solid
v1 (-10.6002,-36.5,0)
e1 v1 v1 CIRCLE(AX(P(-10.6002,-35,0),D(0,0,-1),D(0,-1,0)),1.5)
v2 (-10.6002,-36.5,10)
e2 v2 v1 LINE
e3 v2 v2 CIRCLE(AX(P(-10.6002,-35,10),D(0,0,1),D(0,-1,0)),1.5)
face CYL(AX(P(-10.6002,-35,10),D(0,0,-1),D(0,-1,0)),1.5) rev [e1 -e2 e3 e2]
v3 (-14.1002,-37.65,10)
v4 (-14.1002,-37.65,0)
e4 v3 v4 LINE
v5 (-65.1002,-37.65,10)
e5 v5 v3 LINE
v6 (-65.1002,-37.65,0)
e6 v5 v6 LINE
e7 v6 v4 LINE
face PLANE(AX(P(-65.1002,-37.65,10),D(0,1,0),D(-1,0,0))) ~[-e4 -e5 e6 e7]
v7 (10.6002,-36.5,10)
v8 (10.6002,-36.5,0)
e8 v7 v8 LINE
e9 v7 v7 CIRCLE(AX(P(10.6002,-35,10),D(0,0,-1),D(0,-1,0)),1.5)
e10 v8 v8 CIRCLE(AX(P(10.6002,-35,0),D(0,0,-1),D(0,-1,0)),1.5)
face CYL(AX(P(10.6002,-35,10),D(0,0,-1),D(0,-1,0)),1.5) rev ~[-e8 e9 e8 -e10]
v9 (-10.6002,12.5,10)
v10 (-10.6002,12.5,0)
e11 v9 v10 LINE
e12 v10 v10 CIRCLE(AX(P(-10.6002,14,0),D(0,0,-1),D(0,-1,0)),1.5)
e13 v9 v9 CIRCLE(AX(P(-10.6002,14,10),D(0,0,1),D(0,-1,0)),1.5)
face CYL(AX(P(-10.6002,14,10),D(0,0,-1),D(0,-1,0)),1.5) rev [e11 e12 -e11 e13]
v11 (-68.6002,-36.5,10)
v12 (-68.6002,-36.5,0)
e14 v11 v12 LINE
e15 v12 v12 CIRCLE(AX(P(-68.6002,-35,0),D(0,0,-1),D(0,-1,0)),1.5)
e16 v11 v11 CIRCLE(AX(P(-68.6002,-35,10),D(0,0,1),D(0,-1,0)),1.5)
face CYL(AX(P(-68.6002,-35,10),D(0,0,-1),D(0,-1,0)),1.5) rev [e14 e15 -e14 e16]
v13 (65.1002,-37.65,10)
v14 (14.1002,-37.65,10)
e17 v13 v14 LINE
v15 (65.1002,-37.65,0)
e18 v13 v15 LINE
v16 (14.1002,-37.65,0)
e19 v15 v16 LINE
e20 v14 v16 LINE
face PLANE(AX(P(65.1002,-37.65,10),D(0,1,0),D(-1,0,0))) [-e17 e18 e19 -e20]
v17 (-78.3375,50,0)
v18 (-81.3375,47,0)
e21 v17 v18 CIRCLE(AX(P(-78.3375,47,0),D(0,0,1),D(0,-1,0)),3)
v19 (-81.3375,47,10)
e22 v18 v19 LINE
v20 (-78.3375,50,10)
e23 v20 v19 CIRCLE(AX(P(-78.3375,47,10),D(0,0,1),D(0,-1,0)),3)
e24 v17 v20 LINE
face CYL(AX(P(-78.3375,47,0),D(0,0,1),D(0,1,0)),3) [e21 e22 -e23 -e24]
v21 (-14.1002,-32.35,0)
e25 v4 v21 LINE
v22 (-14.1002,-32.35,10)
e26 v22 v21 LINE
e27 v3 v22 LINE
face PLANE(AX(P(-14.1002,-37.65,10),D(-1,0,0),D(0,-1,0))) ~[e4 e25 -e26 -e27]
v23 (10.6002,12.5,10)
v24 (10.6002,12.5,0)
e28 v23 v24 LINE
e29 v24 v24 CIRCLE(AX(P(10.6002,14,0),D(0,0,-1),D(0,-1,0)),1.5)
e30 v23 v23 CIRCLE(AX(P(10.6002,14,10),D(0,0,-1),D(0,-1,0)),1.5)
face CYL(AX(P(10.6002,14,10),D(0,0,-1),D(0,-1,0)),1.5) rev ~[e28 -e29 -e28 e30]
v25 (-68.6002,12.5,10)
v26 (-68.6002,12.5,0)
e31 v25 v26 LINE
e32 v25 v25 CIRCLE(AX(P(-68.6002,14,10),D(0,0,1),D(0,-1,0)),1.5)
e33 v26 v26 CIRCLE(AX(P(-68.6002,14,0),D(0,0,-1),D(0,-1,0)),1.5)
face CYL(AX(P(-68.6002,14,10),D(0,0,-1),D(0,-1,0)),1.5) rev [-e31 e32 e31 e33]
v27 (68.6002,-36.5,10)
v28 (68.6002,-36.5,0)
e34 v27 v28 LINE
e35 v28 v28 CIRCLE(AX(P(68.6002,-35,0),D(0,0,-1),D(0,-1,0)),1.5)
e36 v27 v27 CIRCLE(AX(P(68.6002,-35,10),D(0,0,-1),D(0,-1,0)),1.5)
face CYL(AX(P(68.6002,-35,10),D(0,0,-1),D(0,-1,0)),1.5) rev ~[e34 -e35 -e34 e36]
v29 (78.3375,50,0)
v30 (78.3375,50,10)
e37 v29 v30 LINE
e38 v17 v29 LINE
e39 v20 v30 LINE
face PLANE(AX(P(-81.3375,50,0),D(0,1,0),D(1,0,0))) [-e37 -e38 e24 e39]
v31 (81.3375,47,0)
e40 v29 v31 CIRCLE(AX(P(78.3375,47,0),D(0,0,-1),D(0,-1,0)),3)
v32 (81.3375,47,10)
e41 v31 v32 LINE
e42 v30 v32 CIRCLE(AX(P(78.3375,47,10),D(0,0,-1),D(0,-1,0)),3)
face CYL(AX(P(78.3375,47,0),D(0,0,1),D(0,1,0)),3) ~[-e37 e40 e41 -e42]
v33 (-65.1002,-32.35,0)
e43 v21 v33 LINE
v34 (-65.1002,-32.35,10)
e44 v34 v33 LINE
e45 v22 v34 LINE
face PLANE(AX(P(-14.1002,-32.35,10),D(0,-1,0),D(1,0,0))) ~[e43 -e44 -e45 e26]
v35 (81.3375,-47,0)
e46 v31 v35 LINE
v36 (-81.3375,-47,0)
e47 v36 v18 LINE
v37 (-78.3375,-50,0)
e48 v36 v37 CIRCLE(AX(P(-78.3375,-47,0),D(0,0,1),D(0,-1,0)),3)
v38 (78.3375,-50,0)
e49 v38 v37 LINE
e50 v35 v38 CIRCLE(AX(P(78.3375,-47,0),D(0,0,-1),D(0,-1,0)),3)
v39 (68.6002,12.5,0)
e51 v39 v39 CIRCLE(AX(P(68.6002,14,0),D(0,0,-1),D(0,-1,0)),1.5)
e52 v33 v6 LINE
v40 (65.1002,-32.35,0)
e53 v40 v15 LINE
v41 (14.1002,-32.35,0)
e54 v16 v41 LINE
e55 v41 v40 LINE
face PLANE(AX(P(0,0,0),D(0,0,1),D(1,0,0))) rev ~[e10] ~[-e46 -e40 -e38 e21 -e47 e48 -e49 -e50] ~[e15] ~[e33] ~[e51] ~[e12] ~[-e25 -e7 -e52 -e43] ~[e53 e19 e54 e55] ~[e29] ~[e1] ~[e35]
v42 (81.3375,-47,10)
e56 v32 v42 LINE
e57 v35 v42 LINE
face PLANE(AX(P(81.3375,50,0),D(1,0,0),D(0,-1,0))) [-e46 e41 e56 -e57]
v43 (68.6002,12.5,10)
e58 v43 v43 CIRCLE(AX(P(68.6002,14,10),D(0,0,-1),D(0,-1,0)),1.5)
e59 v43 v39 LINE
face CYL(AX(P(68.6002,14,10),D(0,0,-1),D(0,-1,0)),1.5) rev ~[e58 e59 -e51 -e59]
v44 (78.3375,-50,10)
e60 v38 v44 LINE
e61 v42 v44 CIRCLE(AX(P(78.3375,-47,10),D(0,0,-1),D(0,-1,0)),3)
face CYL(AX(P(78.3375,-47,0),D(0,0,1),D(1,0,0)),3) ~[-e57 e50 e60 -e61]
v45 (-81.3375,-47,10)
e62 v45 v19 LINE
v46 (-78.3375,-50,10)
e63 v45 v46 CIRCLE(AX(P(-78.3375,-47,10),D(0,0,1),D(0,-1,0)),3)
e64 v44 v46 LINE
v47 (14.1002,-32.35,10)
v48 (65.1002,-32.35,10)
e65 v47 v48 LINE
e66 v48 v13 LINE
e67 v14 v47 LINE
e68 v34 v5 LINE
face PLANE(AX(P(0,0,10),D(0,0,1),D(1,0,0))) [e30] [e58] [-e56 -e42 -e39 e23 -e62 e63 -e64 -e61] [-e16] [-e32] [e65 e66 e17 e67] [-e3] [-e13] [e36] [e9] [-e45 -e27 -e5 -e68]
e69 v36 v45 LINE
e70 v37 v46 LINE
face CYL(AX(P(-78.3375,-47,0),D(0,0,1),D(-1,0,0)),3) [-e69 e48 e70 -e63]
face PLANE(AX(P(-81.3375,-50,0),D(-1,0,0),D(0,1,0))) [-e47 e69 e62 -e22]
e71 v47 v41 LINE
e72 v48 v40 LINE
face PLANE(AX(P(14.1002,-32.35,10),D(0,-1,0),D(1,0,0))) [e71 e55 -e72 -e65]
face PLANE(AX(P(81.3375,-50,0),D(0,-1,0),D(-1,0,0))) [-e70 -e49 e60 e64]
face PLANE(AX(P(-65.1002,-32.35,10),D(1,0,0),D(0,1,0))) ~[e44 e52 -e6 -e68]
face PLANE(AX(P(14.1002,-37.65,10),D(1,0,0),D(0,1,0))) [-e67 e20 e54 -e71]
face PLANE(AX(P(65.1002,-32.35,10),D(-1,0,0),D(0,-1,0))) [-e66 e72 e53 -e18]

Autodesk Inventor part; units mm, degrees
ref_plane "YZ Plane" through (0, 0, 0) normal (1, 0, 0) x (0, 1, 0)
ref_plane "XZ Plane" through (0, 0, 0) normal (0, 1, 0) x (-1, 0, 0)
ref_plane "XY Plane" through (0, 0, 0) normal (0, 0, 1) x (1, 0, 0)
sketch "Sketch1" plane through (0, 0, 0) normal (0, 0, 1) x (1, 0, 0)
  line L0 (-81.3375, 50) -> (81.3375, 50)
  line L1 (81.3375, 50) -> (81.3375, -50)
  line L2 (81.3375, -50) -> (-81.3375, -50)
  line L3 (-81.3375, -50) -> (-81.3375, 50)
  point P0 (0, 0)
  point P1 (0, 50)
  point P2 (81.3375, 0)
  dimension "d0" = 100
  dimension "d1" = 162.675
extrude "Extrusion1" add sketch "Sketch1" along normal blind 10
sketch "Sketch2" plane through (0, 0, 10) normal (0, 0, 1) x (1, 0, 0)
  line L0 (10.6002, 14) -> (68.6002, 14) construction
  line L1 (68.6002, 14) -> (68.6002, -35) construction
  line L2 (68.6002, -35) -> (10.6002, -35) construction
  line L3 (10.6002, -35) -> (10.6002, 14) construction
  line L4 (-81.3375, -50) -> (81.3375, -50) projected
  point P0 (0, 0)
  dimension "d4" = 58
  dimension "d5" = 49
  dimension "d18" = 15
hole "Hole1" at (10.6002, 14, 10) at (68.6002, 14, 10) at (68.6002, -35, 10) at (10.6002, -35, 10) direction (0, 0, -1) diameter 3 end through all
sketch "Sketch3" plane through (0, 0, 10) normal (0, 0, 1) x (1, 0, 0)
  line L0 (14.1002, -32.35) -> (65.1002, -32.35)
  line L1 (65.1002, -32.35) -> (65.1002, -37.65)
  line L2 (65.1002, -37.65) -> (14.1002, -37.65)
  line L3 (14.1002, -37.65) -> (14.1002, -32.35)
  circle A0 centre (68.6002, -35) radius 1.5 projected
  circle A1 centre (10.6002, -35) radius 1.5 projected
  line L4 (10.6002, -35) -> (68.6002, -35) construction
  point P0 (0, 0)
  point P1 (65.1002, -35)
  point P2 (39.6002, -35)
  point P3 (39.6002, -32.35)
  dimension "d14" = 5.3
  dimension "d15" = 51
extrude "Extrusion2" cut sketch "Sketch3" against normal through all contours L0 L1 L2 L3
mirror "Mirror1" about plane through (0, 0, 0) normal (1, 0, 0) of "Hole1", "Extrusion2"
fillet "Fillet1" radius 3 4 edges at (81.3375, 50, 5) (-81.3375, 50, 5) (-81.3375, -50, 5) (81.3375, -50, 5)
equation "\"d1\" = 2.5 * width"
equation "\"hight\" = 56.21"
equation "\"width\" = 65.07"
properties part number "RasPi-Hat-outline"
